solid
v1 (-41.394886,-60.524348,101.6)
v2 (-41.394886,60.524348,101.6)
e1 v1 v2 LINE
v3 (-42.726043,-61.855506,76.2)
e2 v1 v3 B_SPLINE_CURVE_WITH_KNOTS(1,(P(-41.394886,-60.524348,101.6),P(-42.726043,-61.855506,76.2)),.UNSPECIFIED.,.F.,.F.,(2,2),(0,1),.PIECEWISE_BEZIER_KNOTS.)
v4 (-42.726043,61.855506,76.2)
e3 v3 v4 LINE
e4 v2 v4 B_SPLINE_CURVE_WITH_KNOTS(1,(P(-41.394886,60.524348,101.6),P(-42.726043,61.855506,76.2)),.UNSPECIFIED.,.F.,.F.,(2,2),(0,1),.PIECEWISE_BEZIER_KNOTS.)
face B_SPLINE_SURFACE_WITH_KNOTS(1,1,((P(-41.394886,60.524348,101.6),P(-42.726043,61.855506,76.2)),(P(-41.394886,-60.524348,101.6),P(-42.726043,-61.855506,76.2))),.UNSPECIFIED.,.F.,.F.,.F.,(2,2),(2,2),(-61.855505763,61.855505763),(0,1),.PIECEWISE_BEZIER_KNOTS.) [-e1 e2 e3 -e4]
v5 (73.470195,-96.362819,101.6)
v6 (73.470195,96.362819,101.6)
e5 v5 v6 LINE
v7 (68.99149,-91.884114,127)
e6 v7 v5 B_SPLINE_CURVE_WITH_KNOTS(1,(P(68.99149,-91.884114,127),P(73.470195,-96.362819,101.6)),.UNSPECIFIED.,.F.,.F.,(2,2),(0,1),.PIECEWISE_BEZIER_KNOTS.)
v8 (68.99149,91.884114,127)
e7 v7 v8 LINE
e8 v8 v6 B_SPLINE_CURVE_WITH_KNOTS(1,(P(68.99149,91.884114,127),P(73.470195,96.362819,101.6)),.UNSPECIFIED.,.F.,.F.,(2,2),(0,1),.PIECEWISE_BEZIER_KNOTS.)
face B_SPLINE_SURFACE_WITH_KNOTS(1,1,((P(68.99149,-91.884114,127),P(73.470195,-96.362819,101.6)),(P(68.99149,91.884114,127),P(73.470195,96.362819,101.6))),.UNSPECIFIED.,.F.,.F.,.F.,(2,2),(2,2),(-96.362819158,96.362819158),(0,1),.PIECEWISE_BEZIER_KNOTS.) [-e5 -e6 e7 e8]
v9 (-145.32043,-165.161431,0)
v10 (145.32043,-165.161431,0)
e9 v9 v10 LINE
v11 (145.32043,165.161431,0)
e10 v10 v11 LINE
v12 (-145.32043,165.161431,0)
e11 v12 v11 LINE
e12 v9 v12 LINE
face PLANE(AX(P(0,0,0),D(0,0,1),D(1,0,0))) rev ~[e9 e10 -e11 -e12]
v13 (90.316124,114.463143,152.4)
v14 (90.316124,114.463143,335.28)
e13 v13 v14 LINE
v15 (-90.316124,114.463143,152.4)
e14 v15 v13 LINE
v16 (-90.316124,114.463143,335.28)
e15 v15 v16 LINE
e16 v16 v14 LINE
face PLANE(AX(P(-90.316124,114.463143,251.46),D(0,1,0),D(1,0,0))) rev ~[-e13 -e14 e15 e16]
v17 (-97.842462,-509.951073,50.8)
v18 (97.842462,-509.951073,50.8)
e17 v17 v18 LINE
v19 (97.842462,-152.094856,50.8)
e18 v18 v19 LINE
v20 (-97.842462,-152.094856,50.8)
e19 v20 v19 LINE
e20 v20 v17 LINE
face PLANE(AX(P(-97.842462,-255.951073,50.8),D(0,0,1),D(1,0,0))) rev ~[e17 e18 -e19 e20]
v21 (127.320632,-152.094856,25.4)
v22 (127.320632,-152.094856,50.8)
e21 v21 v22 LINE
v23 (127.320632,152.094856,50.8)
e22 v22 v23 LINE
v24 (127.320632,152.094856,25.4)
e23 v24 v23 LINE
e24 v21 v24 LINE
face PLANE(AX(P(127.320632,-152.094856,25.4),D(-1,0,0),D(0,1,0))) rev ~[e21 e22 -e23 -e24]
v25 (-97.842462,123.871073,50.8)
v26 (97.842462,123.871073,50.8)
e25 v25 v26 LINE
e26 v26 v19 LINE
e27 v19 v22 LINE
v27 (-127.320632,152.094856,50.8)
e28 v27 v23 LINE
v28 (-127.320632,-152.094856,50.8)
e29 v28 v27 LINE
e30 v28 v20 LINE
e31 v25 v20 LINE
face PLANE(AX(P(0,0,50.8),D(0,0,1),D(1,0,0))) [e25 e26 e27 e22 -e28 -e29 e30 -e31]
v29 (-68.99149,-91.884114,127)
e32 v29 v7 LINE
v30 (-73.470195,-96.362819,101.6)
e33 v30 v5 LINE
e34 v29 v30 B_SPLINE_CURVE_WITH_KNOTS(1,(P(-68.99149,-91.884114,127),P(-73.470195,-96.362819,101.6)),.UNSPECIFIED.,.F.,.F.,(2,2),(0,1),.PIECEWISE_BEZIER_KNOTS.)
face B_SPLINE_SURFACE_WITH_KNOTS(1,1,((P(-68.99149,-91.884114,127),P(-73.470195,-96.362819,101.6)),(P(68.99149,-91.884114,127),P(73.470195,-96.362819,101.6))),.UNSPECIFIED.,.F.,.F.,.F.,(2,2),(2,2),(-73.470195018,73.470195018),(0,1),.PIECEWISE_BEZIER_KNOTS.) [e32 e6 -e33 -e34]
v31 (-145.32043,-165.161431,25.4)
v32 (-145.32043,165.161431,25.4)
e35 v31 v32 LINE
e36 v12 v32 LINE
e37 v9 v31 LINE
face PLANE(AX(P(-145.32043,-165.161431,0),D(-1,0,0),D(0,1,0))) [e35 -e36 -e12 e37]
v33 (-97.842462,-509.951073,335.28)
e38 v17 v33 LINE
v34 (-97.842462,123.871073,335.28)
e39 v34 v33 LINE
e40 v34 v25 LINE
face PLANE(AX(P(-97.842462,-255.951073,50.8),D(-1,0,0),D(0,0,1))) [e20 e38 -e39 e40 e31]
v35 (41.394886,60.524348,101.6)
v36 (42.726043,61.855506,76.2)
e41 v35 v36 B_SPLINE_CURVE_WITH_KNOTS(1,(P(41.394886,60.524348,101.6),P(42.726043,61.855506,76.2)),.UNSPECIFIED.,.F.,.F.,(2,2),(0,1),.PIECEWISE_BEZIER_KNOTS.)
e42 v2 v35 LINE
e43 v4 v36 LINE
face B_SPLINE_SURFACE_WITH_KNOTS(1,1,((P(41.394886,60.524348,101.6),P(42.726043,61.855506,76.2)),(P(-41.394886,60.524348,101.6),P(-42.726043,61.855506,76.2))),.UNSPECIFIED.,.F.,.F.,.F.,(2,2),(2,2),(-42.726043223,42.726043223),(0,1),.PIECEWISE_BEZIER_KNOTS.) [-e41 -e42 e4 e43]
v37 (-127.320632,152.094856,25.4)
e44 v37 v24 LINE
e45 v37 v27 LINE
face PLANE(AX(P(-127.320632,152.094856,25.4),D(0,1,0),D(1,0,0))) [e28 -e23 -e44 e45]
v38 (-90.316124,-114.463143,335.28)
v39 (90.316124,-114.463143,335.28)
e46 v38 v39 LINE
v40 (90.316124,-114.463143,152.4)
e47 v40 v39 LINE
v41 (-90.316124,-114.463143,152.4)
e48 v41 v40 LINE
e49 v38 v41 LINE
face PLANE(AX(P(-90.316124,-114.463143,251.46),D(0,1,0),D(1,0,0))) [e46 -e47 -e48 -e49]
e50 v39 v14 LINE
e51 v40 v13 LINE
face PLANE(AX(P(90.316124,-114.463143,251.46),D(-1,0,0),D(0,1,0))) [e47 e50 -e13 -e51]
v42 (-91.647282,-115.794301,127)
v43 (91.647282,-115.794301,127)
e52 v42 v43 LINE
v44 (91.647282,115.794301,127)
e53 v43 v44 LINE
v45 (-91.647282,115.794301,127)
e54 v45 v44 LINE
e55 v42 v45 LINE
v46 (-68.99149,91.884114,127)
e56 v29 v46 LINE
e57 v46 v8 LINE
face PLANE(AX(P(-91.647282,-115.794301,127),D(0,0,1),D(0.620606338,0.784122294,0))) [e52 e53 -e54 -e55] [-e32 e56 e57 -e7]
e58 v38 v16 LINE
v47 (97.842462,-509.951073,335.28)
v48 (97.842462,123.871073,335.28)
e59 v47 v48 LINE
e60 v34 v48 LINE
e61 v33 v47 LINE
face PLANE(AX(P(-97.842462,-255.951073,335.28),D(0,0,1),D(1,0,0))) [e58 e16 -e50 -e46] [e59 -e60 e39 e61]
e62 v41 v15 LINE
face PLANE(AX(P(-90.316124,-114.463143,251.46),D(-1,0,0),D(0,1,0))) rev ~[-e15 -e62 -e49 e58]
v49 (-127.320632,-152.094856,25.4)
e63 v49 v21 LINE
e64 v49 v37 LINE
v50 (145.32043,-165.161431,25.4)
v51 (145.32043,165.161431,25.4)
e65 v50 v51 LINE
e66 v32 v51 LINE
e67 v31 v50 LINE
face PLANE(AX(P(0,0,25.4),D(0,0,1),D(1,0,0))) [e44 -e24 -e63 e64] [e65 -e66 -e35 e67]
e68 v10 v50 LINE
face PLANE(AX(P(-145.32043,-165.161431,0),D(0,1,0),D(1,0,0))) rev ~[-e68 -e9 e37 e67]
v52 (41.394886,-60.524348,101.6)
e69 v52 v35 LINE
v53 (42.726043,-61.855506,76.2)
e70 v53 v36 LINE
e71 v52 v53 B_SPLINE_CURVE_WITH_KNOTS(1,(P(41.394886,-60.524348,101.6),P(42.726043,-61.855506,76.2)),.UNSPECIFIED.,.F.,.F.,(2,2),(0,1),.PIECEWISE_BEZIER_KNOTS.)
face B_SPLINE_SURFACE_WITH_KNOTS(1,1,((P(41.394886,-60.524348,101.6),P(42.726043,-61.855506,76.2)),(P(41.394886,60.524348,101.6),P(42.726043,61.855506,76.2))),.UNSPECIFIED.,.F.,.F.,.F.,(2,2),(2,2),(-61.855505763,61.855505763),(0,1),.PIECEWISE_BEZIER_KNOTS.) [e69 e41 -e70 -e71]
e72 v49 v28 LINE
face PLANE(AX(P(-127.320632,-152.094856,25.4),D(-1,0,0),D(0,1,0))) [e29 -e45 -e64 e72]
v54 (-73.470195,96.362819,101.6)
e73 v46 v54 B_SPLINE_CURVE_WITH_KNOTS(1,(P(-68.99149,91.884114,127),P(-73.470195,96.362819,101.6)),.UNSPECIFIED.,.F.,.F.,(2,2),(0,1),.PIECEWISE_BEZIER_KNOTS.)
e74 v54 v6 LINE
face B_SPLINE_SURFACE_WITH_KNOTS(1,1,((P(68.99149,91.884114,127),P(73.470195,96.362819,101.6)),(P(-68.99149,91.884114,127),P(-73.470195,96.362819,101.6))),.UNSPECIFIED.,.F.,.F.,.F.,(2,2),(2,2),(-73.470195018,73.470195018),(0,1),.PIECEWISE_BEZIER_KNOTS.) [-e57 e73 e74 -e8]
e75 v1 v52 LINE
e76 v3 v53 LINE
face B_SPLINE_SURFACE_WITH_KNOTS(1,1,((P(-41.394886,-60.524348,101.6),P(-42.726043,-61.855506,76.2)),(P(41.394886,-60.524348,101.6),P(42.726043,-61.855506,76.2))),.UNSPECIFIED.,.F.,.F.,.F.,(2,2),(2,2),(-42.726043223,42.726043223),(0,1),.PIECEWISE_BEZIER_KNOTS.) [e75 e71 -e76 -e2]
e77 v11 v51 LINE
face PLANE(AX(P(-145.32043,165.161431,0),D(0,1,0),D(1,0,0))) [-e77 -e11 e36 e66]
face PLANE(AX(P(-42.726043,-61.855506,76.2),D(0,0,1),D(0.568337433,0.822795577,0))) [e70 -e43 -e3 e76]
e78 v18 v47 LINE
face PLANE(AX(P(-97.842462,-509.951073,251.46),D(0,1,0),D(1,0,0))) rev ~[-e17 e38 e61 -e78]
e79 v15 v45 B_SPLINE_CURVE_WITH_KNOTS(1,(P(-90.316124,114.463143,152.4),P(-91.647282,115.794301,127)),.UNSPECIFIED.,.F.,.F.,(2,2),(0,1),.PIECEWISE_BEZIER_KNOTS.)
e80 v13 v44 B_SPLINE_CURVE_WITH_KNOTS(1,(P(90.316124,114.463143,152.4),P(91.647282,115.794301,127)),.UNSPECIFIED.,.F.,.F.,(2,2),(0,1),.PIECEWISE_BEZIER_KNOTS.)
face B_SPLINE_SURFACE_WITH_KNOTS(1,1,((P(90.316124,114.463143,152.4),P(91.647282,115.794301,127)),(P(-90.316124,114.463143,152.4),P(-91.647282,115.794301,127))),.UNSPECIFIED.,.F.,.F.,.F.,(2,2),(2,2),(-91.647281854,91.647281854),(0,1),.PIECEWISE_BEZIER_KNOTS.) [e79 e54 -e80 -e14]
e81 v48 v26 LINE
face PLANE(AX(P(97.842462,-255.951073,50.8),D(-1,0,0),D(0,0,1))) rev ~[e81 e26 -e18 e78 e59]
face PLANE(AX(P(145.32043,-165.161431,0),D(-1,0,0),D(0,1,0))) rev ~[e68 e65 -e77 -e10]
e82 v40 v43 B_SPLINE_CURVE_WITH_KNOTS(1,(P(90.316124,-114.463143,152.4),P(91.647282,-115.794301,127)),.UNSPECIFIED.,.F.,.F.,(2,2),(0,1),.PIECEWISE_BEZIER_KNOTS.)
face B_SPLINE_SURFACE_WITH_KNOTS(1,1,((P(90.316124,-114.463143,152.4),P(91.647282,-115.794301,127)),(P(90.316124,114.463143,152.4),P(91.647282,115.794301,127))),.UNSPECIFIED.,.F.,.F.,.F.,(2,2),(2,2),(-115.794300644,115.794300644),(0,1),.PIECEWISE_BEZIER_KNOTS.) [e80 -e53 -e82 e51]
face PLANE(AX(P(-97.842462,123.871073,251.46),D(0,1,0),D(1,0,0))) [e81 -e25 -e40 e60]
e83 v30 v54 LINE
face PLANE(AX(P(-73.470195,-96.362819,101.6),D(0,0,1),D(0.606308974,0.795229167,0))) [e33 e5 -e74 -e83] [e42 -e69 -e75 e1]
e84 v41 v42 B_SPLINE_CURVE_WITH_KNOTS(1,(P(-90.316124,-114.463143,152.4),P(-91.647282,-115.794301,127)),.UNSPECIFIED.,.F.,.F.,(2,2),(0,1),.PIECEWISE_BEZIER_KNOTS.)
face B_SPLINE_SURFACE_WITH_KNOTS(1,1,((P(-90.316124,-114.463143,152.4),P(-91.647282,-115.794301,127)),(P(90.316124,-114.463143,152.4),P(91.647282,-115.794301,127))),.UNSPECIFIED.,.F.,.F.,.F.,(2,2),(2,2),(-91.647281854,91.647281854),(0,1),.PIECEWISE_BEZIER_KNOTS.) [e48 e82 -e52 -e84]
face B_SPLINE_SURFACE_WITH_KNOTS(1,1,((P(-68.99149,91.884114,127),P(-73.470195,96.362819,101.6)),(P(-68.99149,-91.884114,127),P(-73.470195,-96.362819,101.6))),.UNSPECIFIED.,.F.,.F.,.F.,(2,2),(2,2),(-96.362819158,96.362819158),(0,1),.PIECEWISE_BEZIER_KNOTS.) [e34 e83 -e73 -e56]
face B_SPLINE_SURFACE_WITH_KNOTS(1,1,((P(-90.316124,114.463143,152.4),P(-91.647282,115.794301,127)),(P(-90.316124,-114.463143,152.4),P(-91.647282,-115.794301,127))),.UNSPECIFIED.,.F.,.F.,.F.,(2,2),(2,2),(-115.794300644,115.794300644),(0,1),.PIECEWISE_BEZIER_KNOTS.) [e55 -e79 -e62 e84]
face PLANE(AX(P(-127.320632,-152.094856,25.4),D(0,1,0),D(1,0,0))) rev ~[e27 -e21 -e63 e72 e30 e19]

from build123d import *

# Parameters (mm, degrees)
F0_W      = 290.640860796
F0_H      = 330.3228616714
F1_DEPTH  = 25.4
F2_W      = 254.641264677
F2_H      = 304.1897118092
F3_DEPTH  = 25.4
F4_W      = 195.6849247217
F4_H      = 247.7421462536
F5_DEPTH  = 101.6
F6_W      = 180.6322485209
F6_H      = 228.9262861013
F7_DEPTH  = 25.4
F7_TAPER  = -3
F8_W      = 137.9829794168
F8_H      = 183.7682276964
F9_DEPTH  = 25.4
F9_TAPER  = -10
F10_W     = 82.7897712588
F10_H     = 121.0486963391
F11_DEPTH = 25.4
F11_TAPER = -3
F12_DEPTH = 132.08
F13_DEPTH = 99.06
F14_DEPTH = 83.82
F15_DEPTH = 254


with BuildPart() as f1:
    # F0 (on Top) → F1 (new body)
    with BuildSketch(Plane.XY):
        Rectangle(F0_W, F0_H)
    extrude(amount=F1_DEPTH)

    # F2 (on face) → F3 (join)
    with BuildSketch(Plane.XY.offset(25.4)):
        Rectangle(F2_W, F2_H)
    extrude(amount=F3_DEPTH)

    # F4 (on face) → F5 (join)
    with BuildSketch(Plane.XY.offset(50.8)):
        Rectangle(F4_W, F4_H)
    extrude(amount=F5_DEPTH)

    # F6 (on face) → F7 (cut)
    with BuildSketch(Plane.XY.offset(152.4)):
        Rectangle(F6_W, F6_H)
    extrude(amount=-F7_DEPTH, taper=F7_TAPER, mode=Mode.SUBTRACT)

    # F8 (on face) → F9 (cut)
    with BuildSketch(Plane.XY.offset(127)):
        Rectangle(F8_W, F8_H)
    extrude(amount=-F9_DEPTH, taper=F9_TAPER, mode=Mode.SUBTRACT)

    # F10 (on face) → F11 (cut)
    with BuildSketch(Plane.XY.offset(101.6)):
        Rectangle(F10_W, F10_H)
    extrude(amount=-F11_DEPTH, taper=F11_TAPER, mode=Mode.SUBTRACT)

    # F12 (add): a face of the model
    f12_faces = [f1.faces().sort_by_distance(p)[0] for p in [
        (0, -123.8710731268, 101.6),
    ]]
    extrude(f12_faces, amount=F12_DEPTH)

    # F13 (add): a face of the model
    f13_faces = [f1.faces().sort_by_distance(p)[0] for p in [
        (0, -148.8583176808, 152.4),
    ]]
    extrude(f13_faces, amount=F13_DEPTH)

    # F14 (add): a face of the model
    f14_faces = [f1.faces().sort_by_distance(p)[0] for p in [
        (0, -148.8583176808, 251.46),
    ]]
    extrude(f14_faces, amount=F14_DEPTH)

    # F15 (add): a face of the model
    f15_faces = [f1.faces().sort_by_distance(p)[0] for p in [
        (0, -255.9510731268, 193.04),
    ]]
    extrude(f15_faces, amount=F15_DEPTH)


solid = f1.part
